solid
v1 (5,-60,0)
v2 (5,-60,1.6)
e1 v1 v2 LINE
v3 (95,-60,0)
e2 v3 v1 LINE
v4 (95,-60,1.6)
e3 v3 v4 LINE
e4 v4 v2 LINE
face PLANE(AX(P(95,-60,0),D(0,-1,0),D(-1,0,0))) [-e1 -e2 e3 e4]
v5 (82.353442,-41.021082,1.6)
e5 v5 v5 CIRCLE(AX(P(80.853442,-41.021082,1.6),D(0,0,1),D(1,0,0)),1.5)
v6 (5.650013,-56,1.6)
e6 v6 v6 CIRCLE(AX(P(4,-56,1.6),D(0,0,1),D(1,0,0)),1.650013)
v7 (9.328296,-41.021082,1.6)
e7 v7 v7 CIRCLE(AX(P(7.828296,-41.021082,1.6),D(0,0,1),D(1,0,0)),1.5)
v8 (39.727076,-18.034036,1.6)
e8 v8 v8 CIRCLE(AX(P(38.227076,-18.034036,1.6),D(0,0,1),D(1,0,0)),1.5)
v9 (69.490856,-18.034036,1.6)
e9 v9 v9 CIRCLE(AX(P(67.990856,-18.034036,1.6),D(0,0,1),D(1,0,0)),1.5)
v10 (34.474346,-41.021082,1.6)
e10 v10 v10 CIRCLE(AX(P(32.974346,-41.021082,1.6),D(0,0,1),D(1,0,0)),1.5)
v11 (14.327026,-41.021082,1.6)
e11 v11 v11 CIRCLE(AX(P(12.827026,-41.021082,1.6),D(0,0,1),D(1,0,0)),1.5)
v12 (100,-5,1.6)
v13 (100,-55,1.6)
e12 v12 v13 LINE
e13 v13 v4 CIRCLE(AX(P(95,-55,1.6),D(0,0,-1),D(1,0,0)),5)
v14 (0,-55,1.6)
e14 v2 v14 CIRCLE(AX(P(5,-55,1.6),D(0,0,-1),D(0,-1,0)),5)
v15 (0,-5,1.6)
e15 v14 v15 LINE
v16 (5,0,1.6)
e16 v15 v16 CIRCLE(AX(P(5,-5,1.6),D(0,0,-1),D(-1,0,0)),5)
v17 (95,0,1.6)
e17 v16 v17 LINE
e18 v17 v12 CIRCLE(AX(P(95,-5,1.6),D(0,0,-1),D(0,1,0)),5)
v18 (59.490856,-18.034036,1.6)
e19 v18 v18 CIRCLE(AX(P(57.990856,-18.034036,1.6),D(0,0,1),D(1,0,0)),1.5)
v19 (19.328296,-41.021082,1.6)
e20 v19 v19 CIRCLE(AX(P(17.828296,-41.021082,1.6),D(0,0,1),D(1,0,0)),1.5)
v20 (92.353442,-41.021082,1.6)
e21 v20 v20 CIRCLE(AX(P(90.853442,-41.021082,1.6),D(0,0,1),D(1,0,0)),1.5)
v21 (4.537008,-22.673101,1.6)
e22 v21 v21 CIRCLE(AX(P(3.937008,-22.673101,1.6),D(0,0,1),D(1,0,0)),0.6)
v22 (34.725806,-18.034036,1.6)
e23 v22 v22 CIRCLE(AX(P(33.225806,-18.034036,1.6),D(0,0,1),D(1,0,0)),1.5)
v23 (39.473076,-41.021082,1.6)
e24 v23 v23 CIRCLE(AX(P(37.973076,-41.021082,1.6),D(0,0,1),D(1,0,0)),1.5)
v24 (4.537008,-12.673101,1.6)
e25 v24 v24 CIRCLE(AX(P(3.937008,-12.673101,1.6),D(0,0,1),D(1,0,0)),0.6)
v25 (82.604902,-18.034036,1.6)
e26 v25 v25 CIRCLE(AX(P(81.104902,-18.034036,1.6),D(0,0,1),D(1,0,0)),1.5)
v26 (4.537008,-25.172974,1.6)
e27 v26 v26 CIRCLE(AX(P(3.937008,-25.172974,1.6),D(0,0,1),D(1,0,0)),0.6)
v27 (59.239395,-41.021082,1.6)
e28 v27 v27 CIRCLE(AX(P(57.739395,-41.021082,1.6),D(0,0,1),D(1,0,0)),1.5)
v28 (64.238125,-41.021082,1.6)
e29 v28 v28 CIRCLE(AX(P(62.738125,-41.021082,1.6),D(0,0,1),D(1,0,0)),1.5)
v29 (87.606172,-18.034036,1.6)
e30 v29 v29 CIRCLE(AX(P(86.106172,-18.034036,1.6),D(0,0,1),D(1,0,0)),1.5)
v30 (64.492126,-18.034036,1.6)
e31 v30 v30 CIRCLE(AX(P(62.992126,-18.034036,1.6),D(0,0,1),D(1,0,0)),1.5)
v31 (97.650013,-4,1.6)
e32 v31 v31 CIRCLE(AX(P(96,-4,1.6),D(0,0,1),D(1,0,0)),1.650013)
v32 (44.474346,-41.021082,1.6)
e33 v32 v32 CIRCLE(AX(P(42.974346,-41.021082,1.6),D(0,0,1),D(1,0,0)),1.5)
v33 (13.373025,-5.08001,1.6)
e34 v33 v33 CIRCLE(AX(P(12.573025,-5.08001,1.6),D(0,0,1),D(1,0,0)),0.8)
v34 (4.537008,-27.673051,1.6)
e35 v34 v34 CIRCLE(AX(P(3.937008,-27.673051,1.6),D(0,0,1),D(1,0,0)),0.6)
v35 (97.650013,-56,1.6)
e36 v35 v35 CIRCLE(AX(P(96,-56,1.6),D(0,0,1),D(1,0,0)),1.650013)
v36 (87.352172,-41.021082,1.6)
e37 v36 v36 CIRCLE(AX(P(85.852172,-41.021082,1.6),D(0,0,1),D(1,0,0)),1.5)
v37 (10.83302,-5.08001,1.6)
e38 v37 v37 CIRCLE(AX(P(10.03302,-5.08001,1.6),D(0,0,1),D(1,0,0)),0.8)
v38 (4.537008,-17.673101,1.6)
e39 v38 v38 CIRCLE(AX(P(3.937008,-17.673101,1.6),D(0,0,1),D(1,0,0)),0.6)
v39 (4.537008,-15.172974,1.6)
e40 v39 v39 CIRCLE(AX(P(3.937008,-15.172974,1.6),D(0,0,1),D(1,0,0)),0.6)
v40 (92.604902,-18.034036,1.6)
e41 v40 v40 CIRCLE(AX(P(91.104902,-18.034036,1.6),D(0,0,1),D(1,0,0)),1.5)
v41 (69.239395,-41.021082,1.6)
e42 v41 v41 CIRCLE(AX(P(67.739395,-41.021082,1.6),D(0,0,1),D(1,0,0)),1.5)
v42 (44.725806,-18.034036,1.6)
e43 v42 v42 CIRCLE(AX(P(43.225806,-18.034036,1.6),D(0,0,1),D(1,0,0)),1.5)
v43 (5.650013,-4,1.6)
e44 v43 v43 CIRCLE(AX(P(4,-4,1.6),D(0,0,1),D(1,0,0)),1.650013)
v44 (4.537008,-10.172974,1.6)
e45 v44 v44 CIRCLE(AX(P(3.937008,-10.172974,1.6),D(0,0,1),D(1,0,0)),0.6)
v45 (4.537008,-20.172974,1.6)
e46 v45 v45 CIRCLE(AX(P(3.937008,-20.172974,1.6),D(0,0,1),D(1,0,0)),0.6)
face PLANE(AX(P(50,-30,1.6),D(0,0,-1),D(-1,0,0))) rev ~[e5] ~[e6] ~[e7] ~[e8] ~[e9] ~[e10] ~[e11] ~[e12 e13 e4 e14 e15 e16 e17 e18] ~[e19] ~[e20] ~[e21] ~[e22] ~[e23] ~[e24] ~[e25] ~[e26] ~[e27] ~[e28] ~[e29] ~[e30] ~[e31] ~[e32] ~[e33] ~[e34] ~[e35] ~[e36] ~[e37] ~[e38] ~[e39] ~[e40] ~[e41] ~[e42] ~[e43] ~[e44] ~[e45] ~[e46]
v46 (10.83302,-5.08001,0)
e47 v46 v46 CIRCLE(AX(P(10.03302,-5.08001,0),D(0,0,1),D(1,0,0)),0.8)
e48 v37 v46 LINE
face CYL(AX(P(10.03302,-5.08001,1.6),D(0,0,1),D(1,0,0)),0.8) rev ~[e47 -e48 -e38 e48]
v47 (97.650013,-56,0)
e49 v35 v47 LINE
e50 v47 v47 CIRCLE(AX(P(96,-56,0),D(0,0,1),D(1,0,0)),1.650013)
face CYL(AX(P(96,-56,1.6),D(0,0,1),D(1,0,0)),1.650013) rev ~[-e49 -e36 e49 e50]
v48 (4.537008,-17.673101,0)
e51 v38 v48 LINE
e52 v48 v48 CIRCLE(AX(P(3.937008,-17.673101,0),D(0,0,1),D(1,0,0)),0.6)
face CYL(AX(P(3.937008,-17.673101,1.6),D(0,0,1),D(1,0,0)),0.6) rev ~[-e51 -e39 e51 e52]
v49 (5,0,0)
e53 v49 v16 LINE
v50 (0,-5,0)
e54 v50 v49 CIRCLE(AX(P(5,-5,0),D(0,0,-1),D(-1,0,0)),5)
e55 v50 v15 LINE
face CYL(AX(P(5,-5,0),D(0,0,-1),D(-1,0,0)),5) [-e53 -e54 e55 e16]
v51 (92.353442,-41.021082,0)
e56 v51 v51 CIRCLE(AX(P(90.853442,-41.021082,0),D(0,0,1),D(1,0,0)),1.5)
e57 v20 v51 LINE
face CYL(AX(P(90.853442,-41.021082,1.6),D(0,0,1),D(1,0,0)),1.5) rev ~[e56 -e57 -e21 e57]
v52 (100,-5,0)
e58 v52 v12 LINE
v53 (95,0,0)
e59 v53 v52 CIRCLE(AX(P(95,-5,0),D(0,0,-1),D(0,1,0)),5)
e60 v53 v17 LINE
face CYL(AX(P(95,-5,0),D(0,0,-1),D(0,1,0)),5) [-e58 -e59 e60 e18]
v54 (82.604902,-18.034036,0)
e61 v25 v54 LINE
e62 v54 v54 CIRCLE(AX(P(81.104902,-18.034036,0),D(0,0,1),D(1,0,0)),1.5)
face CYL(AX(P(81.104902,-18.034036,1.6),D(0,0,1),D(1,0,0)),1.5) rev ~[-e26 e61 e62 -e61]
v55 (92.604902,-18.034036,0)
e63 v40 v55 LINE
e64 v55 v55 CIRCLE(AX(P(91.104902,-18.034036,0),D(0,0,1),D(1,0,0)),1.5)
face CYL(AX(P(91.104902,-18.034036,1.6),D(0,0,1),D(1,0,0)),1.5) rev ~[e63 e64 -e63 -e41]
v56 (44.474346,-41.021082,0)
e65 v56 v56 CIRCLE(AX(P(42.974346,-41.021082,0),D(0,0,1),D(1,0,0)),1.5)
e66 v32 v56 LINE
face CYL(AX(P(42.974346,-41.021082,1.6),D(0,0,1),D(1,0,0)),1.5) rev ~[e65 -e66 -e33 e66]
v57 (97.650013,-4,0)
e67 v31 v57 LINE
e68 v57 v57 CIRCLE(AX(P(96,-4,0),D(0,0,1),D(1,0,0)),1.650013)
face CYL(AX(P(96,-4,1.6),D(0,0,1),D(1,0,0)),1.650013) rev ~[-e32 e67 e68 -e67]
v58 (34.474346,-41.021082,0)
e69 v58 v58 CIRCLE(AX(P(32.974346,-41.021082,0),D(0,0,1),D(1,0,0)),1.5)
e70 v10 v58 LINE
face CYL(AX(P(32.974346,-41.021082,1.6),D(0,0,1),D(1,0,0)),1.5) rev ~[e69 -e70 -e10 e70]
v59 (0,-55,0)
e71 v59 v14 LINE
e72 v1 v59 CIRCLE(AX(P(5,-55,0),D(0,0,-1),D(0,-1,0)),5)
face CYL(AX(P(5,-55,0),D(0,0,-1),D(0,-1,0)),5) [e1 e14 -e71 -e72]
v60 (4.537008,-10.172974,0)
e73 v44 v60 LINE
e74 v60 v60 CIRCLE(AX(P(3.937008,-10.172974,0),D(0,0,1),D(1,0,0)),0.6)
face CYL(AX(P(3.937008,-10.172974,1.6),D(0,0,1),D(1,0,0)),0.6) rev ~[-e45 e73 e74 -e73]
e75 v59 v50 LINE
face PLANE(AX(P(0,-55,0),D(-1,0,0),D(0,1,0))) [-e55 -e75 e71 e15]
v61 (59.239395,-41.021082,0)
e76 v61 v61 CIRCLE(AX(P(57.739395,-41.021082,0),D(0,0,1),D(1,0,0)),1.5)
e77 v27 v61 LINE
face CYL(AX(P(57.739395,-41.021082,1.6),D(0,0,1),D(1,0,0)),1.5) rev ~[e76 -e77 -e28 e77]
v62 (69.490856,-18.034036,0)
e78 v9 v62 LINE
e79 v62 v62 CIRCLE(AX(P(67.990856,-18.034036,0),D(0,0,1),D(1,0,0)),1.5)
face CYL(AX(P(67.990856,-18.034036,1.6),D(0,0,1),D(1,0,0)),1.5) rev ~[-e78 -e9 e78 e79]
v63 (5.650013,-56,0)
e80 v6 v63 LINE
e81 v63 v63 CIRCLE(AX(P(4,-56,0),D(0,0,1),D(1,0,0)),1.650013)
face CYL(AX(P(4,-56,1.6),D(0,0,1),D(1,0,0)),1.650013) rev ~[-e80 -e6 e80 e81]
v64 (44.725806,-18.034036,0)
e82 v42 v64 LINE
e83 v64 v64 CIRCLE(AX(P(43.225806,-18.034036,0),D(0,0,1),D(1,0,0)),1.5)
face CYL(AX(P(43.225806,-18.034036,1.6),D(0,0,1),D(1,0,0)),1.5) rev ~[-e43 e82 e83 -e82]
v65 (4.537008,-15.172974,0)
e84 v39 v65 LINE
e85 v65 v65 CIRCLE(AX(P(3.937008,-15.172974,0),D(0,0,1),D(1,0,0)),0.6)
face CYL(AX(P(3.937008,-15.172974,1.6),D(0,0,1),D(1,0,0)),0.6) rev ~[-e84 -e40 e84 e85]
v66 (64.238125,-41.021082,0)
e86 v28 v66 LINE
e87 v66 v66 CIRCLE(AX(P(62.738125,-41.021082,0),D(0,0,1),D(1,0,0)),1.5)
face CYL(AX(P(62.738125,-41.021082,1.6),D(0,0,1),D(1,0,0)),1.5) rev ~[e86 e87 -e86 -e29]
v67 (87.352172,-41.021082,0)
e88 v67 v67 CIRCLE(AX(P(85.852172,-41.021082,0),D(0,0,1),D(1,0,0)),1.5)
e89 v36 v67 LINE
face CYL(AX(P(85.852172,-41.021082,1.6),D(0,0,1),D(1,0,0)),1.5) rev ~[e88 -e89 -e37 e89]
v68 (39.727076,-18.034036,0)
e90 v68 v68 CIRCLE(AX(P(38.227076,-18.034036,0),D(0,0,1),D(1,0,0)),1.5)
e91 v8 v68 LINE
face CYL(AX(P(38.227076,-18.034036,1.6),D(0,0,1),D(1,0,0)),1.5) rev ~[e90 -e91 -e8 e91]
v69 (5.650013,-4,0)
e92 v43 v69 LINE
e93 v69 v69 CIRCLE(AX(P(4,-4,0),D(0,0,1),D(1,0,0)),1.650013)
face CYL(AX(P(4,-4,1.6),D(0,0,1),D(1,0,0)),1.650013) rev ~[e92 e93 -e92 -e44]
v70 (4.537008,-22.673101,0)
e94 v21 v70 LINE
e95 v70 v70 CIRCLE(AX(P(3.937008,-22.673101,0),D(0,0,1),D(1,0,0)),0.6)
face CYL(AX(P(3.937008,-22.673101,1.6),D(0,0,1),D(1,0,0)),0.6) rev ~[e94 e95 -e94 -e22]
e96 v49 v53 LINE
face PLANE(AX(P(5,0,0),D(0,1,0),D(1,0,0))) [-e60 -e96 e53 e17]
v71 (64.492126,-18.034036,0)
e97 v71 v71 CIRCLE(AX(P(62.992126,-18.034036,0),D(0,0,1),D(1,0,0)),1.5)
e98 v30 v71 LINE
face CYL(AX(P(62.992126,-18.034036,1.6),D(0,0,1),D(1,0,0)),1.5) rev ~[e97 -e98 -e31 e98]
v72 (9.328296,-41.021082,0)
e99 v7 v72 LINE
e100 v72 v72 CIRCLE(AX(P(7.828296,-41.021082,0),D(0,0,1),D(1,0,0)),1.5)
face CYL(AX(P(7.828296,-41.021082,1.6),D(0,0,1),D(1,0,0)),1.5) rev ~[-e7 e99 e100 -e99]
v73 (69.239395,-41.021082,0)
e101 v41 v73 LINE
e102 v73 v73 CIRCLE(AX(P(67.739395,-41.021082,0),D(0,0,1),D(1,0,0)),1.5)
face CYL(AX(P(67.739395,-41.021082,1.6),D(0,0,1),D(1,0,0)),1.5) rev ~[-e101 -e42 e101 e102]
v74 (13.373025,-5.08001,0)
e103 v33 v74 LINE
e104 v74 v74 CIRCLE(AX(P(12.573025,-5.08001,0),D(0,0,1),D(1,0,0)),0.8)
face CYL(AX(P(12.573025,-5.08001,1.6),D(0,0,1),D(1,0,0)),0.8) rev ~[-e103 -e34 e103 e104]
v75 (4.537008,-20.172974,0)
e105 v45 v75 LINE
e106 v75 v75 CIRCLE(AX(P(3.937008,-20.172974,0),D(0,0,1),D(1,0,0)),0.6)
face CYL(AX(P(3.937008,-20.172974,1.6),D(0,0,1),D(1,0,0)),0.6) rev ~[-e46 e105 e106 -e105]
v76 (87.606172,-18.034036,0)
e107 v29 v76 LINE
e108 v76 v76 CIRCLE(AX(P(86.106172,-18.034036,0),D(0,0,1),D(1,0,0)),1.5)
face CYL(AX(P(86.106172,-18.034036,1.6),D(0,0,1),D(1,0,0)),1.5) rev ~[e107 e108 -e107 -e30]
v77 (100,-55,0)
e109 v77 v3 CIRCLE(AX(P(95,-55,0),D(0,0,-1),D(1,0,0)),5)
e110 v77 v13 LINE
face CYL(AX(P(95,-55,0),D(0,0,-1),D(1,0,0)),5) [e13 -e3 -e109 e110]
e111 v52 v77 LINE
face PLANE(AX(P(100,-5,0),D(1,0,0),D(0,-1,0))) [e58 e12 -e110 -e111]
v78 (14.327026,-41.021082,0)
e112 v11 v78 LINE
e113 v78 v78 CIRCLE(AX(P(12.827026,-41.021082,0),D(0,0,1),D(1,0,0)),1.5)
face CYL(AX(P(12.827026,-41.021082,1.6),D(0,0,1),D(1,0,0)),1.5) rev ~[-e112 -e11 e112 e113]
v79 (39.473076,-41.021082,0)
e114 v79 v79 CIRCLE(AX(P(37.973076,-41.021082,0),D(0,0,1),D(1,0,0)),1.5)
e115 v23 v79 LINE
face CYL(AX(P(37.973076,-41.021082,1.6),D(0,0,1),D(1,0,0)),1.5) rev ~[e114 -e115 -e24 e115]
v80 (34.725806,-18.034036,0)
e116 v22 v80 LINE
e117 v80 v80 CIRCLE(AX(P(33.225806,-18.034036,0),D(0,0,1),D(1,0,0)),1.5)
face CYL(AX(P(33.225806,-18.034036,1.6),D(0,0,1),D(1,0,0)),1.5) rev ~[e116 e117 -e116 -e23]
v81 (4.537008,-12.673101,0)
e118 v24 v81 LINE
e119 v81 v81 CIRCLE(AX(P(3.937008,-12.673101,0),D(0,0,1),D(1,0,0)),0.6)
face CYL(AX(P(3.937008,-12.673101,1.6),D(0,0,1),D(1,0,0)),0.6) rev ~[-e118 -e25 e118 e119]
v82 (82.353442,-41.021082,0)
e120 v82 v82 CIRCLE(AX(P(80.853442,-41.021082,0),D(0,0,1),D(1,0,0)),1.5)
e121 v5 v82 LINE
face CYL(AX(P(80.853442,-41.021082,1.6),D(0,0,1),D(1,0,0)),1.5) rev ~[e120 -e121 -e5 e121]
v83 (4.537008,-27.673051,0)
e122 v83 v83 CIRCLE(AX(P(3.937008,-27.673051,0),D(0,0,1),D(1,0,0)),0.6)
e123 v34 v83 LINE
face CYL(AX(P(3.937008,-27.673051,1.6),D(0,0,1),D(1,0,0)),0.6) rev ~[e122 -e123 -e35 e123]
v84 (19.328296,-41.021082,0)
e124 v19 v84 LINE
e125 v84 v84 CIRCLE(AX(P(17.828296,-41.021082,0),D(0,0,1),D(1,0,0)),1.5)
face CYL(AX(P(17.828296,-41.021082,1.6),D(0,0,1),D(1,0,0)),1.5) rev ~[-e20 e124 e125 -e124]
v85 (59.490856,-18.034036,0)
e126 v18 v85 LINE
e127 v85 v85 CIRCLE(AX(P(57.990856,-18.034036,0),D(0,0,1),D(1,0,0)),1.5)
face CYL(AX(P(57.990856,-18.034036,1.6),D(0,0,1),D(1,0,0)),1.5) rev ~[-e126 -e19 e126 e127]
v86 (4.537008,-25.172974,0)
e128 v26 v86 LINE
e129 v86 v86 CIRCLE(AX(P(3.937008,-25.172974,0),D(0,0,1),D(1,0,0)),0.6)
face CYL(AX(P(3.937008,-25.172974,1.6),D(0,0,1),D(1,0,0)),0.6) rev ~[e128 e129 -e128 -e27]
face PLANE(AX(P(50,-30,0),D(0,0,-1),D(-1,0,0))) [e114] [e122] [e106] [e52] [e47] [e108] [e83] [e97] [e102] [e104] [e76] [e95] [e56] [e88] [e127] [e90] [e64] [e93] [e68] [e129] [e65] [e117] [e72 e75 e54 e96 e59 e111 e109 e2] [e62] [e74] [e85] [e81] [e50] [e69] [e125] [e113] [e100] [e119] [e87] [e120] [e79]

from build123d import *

# Parameters (mm, degrees)
BOSS_EXTRUDE1_DEPTH = 1.6
MULTI_LAYER_R       = 0.6
MULTI_LAYER_R_2     = 1.5
MULTI_LAYER_R_3     = 0.8
MULTI_LAYER_R_4     = 1.6500127
CUT_EXTRUDE2_DEPTH  = 1.6


with BuildPart() as part:
    # BoardOutLine → Boss-Extrude1 (new body)
    with BuildSketch(Plane.XY):
        with BuildLine():
            Line((0, -55), (0, -5))
            ThreePointArc((0, -5), (1.464466094, -1.464466094), (5, 0))
            Line((5, 0), (95, 0))
            ThreePointArc((95, 0), (98.535533906, -1.464466094), (100, -5))
            Line((100, -5), (100, -55))
            ThreePointArc((100, -55), (98.535533906, -58.535533906), (95, -60))
            Line((95, -60), (5, -60))
            ThreePointArc((5, -60), (1.464466094, -58.535533906), (0, -55))
        make_face()
    extrude(amount=BOSS_EXTRUDE1_DEPTH)

    # Multi-Layer → Cut-Extrude2 (cut)
    with BuildSketch(Plane.XY.offset(1.6)):
        with Locations((3.937007874, -25.172974346)):
            Circle(MULTI_LAYER_R)
        with Locations((3.937007874, -22.673101346)):
            Circle(MULTI_LAYER_R)
        with Locations((3.937007874, -20.172974346)):
            Circle(MULTI_LAYER_R)
        with Locations((3.937007874, -17.673101346)):
            Circle(MULTI_LAYER_R)
        with Locations((3.937007874, -15.172974346)):
            Circle(MULTI_LAYER_R)
        with Locations((3.937007874, -12.673101346)):
            Circle(MULTI_LAYER_R)
        with Locations((3.937007874, -10.172974346)):
            Circle(MULTI_LAYER_R)
        with Locations((32.974345949, -41.021082042)):
            Circle(MULTI_LAYER_R_2)
        with Locations((37.973075946, -41.021082042)):
            Circle(MULTI_LAYER_R_2)
        with Locations((42.974345949, -41.021082042)):
            Circle(MULTI_LAYER_R_2)
        with Locations((57.739395479, -41.021082042)):
            Circle(MULTI_LAYER_R_2)
        with Locations((62.738125476, -41.021082042)):
            Circle(MULTI_LAYER_R_2)
        with Locations((67.739395479, -41.021082042)):
            Circle(MULTI_LAYER_R_2)
        with Locations((80.853441707, -41.021082042)):
            Circle(MULTI_LAYER_R_2)
        with Locations((85.852171704, -41.021082042)):
            Circle(MULTI_LAYER_R_2)
        with Locations((90.853441707, -41.021082042)):
            Circle(MULTI_LAYER_R_2)
        with Locations((43.225806452, -18.034036068)):
            Circle(MULTI_LAYER_R_2)
        with Locations((38.227076454, -18.034036068)):
            Circle(MULTI_LAYER_R_2)
        with Locations((33.225806452, -18.034036068)):
            Circle(MULTI_LAYER_R_2)
        with Locations((67.990855982, -18.034036068)):
            Circle(MULTI_LAYER_R_2)
        with Locations((62.992125984, -18.034036068)):
            Circle(MULTI_LAYER_R_2)
        with Locations((57.990855982, -18.034036068)):
            Circle(MULTI_LAYER_R_2)
        with Locations((91.10490221, -18.034036068)):
            Circle(MULTI_LAYER_R_2)
        with Locations((86.106172212, -18.034036068)):
            Circle(MULTI_LAYER_R_2)
        with Locations((81.10490221, -18.034036068)):
            Circle(MULTI_LAYER_R_2)
        with Locations((10.033020066, -5.08001016)):
            Circle(MULTI_LAYER_R_3)
        with Locations((12.573025146, -5.08001016)):
            Circle(MULTI_LAYER_R_3)
        with Locations((7.828295657, -41.021082042)):
            Circle(MULTI_LAYER_R_2)
        with Locations((12.827025654, -41.021082042)):
            Circle(MULTI_LAYER_R_2)
        with Locations((17.828295657, -41.021082042)):
            Circle(MULTI_LAYER_R_2)
        with Locations((3.937007874, -27.673050546)):
            Circle(MULTI_LAYER_R)
        with Locations((4, -4)):
            Circle(MULTI_LAYER_R_4)
        with Locations((96, -56)):
            Circle(MULTI_LAYER_R_4)
        with Locations((96, -4)):
            Circle(MULTI_LAYER_R_4)
        with Locations((4, -56)):
            Circle(MULTI_LAYER_R_4)
    extrude(amount=-CUT_EXTRUDE2_DEPTH, mode=Mode.SUBTRACT)


solid = part.part
